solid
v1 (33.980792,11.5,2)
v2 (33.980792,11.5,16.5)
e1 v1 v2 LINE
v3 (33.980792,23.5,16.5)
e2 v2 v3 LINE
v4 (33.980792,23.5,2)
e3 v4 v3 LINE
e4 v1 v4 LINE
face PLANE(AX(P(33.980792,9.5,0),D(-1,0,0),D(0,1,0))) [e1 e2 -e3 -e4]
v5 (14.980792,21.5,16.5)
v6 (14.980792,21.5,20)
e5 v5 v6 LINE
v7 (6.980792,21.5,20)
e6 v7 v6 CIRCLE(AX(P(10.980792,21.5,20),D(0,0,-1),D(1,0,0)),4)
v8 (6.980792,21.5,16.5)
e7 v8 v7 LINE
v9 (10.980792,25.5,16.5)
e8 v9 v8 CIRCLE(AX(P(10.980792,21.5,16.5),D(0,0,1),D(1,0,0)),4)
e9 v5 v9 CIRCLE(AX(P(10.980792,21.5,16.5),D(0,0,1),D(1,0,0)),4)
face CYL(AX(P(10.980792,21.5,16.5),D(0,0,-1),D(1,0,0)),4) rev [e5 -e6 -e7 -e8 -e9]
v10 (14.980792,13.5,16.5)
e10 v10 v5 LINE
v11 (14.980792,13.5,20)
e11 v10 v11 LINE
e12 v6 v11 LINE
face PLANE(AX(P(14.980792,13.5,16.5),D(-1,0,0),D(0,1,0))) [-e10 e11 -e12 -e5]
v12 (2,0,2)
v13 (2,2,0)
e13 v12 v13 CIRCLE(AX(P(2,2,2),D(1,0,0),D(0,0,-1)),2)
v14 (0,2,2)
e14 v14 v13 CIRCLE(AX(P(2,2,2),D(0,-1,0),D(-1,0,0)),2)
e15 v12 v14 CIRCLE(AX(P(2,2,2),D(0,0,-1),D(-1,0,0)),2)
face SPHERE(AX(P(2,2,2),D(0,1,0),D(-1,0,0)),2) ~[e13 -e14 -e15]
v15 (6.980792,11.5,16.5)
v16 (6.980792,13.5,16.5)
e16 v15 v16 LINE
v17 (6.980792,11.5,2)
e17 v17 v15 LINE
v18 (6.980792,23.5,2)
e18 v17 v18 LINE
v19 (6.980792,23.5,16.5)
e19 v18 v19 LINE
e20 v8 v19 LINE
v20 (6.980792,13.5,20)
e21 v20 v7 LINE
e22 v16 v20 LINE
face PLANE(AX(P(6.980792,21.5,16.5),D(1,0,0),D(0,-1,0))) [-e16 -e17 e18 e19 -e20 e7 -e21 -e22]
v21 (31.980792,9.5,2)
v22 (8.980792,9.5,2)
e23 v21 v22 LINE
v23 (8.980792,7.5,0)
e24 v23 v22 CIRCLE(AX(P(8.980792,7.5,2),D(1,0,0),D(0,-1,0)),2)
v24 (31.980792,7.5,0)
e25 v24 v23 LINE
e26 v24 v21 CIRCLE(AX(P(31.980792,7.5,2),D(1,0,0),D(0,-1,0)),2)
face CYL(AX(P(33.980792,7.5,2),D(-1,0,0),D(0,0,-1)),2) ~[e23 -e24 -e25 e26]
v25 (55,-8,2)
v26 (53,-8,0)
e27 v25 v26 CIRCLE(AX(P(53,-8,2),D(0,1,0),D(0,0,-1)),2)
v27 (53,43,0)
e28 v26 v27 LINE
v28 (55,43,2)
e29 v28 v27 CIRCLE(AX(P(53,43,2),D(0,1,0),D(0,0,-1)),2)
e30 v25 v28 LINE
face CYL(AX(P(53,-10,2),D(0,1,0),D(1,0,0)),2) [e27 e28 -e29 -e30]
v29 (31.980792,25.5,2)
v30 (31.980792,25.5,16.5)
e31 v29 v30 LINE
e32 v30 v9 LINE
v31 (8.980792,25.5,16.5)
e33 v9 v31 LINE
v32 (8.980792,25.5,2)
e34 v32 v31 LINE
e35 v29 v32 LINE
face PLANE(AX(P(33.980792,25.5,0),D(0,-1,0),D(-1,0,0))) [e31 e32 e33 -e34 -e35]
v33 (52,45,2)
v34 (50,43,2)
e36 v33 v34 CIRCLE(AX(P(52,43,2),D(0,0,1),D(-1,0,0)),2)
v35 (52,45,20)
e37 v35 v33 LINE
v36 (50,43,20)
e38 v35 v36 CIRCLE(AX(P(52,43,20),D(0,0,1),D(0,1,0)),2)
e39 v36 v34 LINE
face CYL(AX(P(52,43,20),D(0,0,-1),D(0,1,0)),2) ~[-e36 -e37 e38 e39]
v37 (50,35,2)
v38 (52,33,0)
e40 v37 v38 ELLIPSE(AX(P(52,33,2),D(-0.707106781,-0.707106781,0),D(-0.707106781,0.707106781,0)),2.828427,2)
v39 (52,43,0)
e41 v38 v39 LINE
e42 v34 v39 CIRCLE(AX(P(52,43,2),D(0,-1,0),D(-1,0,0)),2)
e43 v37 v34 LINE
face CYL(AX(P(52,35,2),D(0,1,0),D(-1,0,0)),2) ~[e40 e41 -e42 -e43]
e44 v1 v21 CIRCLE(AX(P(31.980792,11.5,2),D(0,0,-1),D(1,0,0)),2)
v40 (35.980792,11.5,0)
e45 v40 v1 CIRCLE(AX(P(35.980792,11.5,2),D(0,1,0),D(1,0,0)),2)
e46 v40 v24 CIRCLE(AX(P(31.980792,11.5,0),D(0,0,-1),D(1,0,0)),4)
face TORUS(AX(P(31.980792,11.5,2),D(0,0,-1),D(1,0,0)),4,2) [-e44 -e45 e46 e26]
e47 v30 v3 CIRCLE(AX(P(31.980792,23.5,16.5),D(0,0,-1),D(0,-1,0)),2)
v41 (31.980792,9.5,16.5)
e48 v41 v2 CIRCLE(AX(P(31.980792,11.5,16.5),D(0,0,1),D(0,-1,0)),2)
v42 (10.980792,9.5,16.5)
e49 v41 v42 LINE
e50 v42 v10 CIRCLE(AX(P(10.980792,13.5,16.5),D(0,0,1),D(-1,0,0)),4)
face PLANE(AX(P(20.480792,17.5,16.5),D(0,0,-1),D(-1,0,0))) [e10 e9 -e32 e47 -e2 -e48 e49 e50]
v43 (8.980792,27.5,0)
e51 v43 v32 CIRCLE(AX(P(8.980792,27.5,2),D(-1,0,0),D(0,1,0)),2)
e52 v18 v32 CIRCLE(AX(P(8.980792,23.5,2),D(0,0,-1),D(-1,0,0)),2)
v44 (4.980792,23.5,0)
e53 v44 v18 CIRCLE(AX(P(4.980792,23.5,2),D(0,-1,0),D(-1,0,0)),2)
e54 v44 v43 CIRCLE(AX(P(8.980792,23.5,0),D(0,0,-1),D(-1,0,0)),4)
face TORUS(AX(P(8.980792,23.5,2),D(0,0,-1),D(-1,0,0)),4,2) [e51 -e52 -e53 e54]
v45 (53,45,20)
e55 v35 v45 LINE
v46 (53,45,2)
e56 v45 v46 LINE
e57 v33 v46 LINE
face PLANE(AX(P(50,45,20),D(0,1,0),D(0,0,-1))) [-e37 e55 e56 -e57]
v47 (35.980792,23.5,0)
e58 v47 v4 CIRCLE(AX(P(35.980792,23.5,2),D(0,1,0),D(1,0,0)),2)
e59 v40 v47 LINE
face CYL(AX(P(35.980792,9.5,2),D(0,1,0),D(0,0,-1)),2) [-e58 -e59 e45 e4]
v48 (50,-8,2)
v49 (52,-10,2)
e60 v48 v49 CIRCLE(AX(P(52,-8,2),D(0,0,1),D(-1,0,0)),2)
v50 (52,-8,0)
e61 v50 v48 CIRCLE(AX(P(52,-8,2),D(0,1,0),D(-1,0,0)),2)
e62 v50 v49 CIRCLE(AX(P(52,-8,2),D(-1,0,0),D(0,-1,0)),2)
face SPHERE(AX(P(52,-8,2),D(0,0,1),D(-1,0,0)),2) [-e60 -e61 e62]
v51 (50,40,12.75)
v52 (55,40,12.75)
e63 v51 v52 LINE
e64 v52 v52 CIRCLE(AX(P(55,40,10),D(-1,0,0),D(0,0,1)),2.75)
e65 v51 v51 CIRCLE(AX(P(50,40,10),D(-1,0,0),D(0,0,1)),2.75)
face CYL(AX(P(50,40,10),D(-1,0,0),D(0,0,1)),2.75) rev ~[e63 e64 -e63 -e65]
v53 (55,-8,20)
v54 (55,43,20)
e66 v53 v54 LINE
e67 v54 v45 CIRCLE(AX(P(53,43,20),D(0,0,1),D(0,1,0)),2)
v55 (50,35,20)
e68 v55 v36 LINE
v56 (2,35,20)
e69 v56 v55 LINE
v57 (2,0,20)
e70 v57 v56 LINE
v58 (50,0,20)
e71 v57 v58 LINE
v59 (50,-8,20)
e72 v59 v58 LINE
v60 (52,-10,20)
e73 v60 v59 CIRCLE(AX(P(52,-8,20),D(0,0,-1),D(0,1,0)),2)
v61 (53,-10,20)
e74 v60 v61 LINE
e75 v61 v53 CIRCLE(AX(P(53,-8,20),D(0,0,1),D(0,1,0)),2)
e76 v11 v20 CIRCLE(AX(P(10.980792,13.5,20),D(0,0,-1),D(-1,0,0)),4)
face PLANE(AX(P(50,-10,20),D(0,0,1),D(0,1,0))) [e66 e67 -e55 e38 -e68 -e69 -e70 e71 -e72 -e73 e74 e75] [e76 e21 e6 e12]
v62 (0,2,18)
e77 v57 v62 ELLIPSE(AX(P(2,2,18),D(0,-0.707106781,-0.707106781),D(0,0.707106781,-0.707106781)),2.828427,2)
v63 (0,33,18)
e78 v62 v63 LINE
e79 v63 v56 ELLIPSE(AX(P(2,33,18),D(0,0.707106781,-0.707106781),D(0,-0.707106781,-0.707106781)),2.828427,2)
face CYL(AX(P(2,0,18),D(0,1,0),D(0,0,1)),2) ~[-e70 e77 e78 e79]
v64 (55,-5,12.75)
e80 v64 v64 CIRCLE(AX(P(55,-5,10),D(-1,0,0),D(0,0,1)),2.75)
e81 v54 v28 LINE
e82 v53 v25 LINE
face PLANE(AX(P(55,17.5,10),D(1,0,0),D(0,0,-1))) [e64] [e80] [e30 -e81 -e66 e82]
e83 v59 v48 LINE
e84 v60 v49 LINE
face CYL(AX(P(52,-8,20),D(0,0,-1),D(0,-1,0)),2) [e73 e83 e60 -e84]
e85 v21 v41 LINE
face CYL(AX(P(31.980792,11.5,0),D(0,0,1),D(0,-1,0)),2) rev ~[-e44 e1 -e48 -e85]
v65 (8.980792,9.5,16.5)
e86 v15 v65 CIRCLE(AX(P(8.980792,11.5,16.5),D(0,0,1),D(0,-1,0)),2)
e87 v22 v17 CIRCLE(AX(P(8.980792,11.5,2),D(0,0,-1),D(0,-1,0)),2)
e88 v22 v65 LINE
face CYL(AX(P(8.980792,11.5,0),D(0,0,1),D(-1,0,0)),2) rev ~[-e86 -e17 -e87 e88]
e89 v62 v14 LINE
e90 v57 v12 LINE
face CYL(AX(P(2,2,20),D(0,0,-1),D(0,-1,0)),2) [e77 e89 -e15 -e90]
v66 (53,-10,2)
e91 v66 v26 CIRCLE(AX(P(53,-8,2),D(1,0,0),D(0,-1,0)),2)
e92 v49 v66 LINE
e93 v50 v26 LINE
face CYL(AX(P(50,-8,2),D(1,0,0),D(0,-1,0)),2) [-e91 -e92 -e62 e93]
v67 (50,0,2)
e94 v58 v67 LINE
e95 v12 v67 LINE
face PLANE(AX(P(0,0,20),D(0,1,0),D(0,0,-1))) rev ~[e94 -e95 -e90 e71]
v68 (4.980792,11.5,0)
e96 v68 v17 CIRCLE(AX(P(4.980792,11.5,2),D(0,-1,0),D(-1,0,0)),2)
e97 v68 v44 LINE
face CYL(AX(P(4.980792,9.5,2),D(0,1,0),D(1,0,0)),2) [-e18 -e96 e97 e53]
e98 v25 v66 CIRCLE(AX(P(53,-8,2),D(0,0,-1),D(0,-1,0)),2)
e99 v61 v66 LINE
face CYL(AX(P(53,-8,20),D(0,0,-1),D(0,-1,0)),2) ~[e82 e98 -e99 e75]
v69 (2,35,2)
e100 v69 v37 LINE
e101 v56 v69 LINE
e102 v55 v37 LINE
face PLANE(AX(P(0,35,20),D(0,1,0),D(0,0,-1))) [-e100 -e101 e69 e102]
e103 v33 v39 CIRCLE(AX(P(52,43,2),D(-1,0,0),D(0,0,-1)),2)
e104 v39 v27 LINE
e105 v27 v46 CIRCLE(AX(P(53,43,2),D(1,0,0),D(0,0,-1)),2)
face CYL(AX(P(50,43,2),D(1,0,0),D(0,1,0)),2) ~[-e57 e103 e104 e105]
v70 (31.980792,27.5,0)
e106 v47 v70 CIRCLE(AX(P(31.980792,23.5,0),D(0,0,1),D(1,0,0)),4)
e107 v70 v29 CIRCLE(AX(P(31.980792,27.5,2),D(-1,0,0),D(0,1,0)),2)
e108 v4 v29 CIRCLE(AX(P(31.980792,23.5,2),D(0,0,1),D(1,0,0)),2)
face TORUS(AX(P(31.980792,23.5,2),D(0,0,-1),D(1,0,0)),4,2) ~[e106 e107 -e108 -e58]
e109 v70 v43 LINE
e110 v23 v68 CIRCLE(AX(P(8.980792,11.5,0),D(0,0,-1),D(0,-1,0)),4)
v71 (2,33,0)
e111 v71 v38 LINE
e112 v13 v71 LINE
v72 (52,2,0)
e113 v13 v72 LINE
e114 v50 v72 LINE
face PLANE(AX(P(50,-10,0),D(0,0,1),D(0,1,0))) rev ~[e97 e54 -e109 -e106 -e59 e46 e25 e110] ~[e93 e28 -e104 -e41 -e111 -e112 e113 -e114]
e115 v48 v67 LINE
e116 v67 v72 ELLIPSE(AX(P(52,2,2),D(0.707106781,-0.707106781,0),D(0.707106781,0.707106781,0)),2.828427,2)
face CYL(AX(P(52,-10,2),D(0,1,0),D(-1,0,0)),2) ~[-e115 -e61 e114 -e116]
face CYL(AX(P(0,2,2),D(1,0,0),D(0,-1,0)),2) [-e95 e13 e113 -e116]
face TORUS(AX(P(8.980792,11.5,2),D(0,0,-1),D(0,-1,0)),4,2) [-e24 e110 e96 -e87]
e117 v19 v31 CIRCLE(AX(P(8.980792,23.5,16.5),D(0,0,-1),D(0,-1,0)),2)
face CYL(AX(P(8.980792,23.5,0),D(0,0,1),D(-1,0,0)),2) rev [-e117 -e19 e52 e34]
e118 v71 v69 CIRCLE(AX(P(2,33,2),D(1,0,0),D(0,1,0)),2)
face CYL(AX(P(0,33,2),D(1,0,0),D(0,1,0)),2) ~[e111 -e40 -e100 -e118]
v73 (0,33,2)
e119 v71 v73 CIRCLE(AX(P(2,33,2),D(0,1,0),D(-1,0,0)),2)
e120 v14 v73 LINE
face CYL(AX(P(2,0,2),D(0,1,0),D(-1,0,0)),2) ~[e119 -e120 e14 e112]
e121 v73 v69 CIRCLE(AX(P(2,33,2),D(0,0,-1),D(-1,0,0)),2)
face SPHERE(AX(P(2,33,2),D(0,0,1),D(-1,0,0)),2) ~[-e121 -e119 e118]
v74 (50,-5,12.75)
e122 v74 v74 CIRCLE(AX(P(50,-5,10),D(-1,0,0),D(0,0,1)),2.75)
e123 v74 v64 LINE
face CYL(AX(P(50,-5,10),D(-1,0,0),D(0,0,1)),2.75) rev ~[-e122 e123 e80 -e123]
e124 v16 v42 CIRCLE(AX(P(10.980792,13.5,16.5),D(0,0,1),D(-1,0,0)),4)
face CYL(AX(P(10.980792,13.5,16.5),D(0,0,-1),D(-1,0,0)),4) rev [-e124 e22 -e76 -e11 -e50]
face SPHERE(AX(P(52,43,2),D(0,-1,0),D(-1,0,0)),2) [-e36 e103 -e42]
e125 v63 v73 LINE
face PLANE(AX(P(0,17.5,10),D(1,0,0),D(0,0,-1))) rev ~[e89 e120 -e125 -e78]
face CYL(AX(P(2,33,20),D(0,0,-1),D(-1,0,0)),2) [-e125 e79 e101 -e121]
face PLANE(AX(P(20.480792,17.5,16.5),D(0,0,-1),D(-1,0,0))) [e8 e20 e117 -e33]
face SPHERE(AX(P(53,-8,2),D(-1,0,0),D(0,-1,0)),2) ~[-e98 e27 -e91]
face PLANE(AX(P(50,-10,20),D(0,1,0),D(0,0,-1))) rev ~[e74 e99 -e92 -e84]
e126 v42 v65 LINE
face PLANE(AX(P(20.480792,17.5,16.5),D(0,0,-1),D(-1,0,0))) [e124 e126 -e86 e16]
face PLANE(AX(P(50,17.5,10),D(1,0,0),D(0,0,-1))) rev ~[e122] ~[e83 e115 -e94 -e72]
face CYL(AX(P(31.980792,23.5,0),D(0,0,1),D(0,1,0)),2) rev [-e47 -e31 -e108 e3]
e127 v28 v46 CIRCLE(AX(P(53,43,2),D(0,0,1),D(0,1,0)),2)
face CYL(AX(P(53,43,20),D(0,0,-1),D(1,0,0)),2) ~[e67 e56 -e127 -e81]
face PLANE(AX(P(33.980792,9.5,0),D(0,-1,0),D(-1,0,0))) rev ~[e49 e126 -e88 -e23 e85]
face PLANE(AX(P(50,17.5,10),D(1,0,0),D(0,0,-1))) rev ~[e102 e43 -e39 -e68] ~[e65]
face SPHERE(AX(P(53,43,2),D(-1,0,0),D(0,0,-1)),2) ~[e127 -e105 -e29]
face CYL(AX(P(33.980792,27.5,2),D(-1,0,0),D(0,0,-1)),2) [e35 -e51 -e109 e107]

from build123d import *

# Parameters (mm, degrees)
SKETCH1_W           = 20
SKETCH1_H           = 35
BOSS_EXTRUDE1_DEPTH = 50
SKETCH2_W           = 20
SKETCH2_H           = 55
BOSS_EXTRUDE2_DEPTH = 5
SKETCH3_W           = 27
SKETCH3_H           = 16
CUT_EXTRUDE1_DEPTH  = 16.5
CUT_EXTRUDE2_DEPTH  = 16.5
SKETCH5_R           = 2.75
CUT_EXTRUDE3_DEPTH  = 71.178344238
FILLET1_R           = 2


with BuildPart() as part:
    # Sketch1 → Boss-Extrude1 (new body)
    with BuildSketch(Plane(origin=(0, 0, 0), x_dir=(0, 0, -1), z_dir=(1, 0, 0))):
        with Locations((-10, 17.5)):
            Rectangle(SKETCH1_W, SKETCH1_H)
    extrude(amount=BOSS_EXTRUDE1_DEPTH)

    # Sketch2 → Boss-Extrude2 (add)
    with BuildSketch(Plane(origin=(50, 0, 0), x_dir=(0, 0, -1), z_dir=(1, 0, 0))):
        with Locations((-10, 17.5)):
            Rectangle(SKETCH2_W, SKETCH2_H)
    extrude(amount=BOSS_EXTRUDE2_DEPTH)

    # Sketch3 → Cut-Extrude1 (cut)
    with BuildSketch(Plane(origin=(0, 0, 0), x_dir=(-1, 0, 0), z_dir=(0, 0, -1))):
        with Locations((-20.480792353, 17.5)):
            Rectangle(SKETCH3_W, SKETCH3_H)
    extrude(amount=-CUT_EXTRUDE1_DEPTH, mode=Mode.SUBTRACT)

    # Sketch4 → Cut-Extrude2 (cut)
    with BuildSketch(Plane(origin=(0, 0, 16.5), x_dir=(-1, 0, 0), z_dir=(0, 0, -1))):
        with BuildLine():
            Line((-6.980792353, 21.5), (-6.980792353, 13.5))
            ThreePointArc((-6.980792353, 13.5), (-10.980792353, 9.5), (-14.980792353, 13.5))
            Line((-14.980792353, 13.5), (-14.980792353, 21.5))
            ThreePointArc((-14.980792353, 21.5), (-10.980792353, 25.5), (-6.980792353, 21.5))
        make_face()
    extrude(amount=-CUT_EXTRUDE2_DEPTH, mode=Mode.SUBTRACT)

    # Sketch5 → Cut-Extrude3 (cut, through all)
    with BuildSketch(Plane.ZY.offset(-50)):
        with Locations((10, 40)):
            Circle(SKETCH5_R)
        with Locations((10, -5)):
            Circle(SKETCH5_R)
    extrude(amount=-CUT_EXTRUDE3_DEPTH, mode=Mode.SUBTRACT)

    # Fillet1
    fillet1_edges = [part.edges().sort_by_distance(p)[0] for p in [
        (50, -10, 10),
        (50, -5, 0),
        (50, 40, 0),
        (52.5, -10, 0),
        (50, 45, 10),
        (52.5, 45, 0),
        (55, -10, 10),
        (55, 17.5, 0),
        (55, 45, 10),
        (33.980792353, 9.5, 8.25),
        (33.980792353, 25.5, 8.25),
        (6.980792353, 25.5, 8.25),
        (6.980792353, 9.5, 8.25),
        (33.980792353, 17.5, 0),
        (20.480792353, 9.5, 0),
        (6.980792353, 17.5, 0),
        (20.480792353, 25.5, 0),
        (0, 35, 10),
        (0, 17.5, 0),
        (0, 0, 10),
        (0, 17.5, 20),
        (25, 35, 0),
        (25, 0, 0),
    ]]
    fillet(fillet1_edges, radius=FILLET1_R)


solid = part.part
